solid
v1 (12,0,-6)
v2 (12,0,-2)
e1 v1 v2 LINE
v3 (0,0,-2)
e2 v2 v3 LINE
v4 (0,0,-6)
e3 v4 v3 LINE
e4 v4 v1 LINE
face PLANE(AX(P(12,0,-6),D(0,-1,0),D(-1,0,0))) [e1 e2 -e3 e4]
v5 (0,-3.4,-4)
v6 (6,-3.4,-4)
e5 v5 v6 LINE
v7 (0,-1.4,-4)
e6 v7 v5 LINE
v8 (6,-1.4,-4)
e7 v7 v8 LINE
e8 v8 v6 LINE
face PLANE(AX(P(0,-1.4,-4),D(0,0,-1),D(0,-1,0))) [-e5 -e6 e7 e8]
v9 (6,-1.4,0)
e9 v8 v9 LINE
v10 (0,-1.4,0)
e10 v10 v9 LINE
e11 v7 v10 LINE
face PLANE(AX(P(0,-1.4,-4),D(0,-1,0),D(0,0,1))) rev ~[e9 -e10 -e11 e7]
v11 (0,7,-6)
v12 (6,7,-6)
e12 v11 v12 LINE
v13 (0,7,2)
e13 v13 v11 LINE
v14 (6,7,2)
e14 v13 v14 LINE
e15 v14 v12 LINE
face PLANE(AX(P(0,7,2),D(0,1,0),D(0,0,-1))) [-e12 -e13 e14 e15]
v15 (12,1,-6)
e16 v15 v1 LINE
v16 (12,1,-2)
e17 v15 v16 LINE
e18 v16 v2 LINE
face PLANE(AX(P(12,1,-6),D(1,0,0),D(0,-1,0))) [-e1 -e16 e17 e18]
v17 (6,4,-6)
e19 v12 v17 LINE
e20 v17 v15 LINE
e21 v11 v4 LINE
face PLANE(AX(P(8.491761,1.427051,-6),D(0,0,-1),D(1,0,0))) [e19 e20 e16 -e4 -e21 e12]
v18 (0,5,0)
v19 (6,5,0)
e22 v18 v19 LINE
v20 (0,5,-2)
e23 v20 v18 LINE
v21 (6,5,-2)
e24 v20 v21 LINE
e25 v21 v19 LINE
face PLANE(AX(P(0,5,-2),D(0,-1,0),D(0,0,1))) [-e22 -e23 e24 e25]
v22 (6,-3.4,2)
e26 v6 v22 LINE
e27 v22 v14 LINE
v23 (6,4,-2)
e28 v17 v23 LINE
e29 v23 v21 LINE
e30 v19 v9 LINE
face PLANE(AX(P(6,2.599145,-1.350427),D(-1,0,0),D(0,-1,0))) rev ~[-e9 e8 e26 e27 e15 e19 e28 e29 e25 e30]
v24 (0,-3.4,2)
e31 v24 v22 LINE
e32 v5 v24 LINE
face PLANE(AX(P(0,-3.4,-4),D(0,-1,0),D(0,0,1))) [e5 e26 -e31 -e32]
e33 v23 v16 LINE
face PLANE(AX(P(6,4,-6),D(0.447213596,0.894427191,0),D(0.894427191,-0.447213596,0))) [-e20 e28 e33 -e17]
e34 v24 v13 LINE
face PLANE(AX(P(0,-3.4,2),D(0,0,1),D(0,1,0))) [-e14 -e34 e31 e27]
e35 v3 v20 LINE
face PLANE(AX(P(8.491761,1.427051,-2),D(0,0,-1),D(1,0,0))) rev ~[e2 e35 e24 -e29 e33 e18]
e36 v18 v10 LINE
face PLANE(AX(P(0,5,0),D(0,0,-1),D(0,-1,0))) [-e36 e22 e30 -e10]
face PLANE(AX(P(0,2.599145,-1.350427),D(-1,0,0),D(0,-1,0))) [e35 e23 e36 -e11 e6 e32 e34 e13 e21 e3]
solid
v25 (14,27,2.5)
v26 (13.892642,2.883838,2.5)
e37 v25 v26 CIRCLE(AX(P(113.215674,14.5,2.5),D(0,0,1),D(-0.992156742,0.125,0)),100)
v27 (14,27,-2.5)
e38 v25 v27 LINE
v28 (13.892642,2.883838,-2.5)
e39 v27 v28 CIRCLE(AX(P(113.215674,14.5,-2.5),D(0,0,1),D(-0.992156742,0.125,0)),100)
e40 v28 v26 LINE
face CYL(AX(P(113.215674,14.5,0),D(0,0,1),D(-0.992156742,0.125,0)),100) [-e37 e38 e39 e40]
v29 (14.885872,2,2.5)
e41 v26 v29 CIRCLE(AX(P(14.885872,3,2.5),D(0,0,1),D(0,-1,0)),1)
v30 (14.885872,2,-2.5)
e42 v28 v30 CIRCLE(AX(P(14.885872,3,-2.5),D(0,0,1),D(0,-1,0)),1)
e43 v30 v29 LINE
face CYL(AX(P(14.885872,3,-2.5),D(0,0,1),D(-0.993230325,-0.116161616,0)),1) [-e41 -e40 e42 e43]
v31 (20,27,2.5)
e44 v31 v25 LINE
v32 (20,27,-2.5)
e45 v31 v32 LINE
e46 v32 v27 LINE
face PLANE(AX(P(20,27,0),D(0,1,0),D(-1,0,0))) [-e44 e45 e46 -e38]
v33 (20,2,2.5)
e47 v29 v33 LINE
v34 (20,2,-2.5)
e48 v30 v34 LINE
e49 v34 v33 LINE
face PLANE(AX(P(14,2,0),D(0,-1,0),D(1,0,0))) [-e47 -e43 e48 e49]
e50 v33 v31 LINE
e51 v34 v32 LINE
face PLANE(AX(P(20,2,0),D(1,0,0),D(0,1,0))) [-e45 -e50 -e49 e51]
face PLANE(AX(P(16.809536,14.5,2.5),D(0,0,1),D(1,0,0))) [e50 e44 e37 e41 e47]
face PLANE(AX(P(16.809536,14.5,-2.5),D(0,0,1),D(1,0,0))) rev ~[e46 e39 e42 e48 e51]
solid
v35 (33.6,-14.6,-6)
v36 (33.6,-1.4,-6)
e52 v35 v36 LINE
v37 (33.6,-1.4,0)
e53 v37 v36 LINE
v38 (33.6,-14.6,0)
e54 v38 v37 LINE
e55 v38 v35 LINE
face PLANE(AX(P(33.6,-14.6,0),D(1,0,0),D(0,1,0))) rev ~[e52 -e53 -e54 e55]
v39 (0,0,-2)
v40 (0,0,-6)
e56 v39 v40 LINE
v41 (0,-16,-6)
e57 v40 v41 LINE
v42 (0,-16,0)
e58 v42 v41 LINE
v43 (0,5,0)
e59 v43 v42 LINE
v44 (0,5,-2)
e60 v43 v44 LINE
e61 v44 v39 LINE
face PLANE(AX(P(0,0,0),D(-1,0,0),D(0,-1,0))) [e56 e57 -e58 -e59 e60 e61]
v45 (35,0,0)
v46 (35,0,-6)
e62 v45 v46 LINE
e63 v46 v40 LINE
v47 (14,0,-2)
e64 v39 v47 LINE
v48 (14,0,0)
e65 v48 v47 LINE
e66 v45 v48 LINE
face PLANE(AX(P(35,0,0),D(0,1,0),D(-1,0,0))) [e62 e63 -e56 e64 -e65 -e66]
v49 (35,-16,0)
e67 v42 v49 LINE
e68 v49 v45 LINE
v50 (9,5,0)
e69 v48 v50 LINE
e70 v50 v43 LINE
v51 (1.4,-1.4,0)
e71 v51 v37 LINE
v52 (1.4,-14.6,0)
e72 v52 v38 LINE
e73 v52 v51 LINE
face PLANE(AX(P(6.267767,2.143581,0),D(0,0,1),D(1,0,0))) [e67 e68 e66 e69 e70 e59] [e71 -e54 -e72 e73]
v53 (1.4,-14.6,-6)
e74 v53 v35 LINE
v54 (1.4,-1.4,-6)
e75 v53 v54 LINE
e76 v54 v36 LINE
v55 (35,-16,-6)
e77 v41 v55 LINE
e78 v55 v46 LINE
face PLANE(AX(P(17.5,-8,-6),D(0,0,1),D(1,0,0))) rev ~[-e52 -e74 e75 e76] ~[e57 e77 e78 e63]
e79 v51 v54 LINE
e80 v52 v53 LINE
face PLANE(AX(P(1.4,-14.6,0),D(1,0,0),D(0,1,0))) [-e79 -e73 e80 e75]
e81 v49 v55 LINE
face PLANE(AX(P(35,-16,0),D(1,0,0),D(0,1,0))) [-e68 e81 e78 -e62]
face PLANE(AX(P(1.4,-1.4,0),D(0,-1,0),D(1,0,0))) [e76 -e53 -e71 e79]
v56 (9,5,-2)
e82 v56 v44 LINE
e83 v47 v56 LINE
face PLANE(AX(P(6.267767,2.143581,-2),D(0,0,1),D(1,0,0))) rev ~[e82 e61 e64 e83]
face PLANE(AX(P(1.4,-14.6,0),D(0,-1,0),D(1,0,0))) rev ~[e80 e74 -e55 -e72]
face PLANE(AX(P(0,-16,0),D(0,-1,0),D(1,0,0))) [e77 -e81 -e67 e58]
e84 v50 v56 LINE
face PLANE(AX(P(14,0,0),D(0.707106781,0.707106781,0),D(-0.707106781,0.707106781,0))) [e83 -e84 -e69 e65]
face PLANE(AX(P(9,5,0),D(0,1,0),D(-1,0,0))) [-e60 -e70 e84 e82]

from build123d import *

# Parameters (mm, degrees)
F0_W     = 32.2000000998
F0_H     = 13.2000000998
F1_DEPTH = 6
F2_DEPTH = 2
F3_W     = 2
F3_H     = 4
F4_DEPTH = 6
F6_DEPTH = 4
F8_DEPTH = 2.5
F9_R     = 1


with BuildPart() as f1:
    # F0 (on Top) → F1 (new body)
    with BuildSketch(Plane.XY):
        Polygon((35, 0), (14, 0), (0, 0), (0, -16), (35, -16), align=None)
        with Locations((17.5, -8)):
            Rectangle(F0_W, F0_H, mode=Mode.SUBTRACT)
    extrude(amount=-F1_DEPTH)

    # F0 (on Top) → F2 (join)
    with BuildSketch(Plane.XY):
        Polygon((0, 0), (14, 0), (9, 5), (0, 5), align=None)
    extrude(amount=-F2_DEPTH)


with BuildPart() as f4:
    # F3 (on face) → F4 (new body)
    with BuildSketch(Plane(origin=(0, 0, 0), x_dir=(0, -1, 0), z_dir=(-1, 0, 0))):
        Polygon((-5, 0), (0, 0), (1.3999999501, 0), (3.3999999501, 0), (3.3999999501, 2), (0, 2), (-7, 2), (-7, -6), (0, -6), (0, -2), (-5, -2), align=None)
        with Locations((2.3999999501, -2)):
            Rectangle(F3_W, F3_H)
    extrude(amount=-F4_DEPTH)

    # F5 (on face) → F6 (join, through all)
    with BuildSketch(Plane(origin=(0, 0, -6), x_dir=(1, 0, 0), z_dir=(0, 0, -1))):
        Polygon((12, 0), (6, 0), (6, -4), (12, -1), align=None)
    extrude(amount=-F6_DEPTH)


with BuildPart() as f8:
    # F7 (on face) → F8 (new body, symmetric)
    with BuildSketch(Plane.XY):
        with BuildLine():
            ThreePointArc((14, 27), (13.2156741649, 14.5), (14, 2))
            Line((14, 2), (20, 2))
            Line((20, 2), (20, 27))
            Line((20, 27), (14, 27))
        make_face()
    extrude(amount=F8_DEPTH, both=True)

    # F9
    f9_edges = [f8.edges().sort_by_distance(p)[0] for p in [
        (14, 2, 0),
    ]]
    fillet(f9_edges, radius=F9_R)


solid = Compound([f1.part, f4.part, f8.part])
